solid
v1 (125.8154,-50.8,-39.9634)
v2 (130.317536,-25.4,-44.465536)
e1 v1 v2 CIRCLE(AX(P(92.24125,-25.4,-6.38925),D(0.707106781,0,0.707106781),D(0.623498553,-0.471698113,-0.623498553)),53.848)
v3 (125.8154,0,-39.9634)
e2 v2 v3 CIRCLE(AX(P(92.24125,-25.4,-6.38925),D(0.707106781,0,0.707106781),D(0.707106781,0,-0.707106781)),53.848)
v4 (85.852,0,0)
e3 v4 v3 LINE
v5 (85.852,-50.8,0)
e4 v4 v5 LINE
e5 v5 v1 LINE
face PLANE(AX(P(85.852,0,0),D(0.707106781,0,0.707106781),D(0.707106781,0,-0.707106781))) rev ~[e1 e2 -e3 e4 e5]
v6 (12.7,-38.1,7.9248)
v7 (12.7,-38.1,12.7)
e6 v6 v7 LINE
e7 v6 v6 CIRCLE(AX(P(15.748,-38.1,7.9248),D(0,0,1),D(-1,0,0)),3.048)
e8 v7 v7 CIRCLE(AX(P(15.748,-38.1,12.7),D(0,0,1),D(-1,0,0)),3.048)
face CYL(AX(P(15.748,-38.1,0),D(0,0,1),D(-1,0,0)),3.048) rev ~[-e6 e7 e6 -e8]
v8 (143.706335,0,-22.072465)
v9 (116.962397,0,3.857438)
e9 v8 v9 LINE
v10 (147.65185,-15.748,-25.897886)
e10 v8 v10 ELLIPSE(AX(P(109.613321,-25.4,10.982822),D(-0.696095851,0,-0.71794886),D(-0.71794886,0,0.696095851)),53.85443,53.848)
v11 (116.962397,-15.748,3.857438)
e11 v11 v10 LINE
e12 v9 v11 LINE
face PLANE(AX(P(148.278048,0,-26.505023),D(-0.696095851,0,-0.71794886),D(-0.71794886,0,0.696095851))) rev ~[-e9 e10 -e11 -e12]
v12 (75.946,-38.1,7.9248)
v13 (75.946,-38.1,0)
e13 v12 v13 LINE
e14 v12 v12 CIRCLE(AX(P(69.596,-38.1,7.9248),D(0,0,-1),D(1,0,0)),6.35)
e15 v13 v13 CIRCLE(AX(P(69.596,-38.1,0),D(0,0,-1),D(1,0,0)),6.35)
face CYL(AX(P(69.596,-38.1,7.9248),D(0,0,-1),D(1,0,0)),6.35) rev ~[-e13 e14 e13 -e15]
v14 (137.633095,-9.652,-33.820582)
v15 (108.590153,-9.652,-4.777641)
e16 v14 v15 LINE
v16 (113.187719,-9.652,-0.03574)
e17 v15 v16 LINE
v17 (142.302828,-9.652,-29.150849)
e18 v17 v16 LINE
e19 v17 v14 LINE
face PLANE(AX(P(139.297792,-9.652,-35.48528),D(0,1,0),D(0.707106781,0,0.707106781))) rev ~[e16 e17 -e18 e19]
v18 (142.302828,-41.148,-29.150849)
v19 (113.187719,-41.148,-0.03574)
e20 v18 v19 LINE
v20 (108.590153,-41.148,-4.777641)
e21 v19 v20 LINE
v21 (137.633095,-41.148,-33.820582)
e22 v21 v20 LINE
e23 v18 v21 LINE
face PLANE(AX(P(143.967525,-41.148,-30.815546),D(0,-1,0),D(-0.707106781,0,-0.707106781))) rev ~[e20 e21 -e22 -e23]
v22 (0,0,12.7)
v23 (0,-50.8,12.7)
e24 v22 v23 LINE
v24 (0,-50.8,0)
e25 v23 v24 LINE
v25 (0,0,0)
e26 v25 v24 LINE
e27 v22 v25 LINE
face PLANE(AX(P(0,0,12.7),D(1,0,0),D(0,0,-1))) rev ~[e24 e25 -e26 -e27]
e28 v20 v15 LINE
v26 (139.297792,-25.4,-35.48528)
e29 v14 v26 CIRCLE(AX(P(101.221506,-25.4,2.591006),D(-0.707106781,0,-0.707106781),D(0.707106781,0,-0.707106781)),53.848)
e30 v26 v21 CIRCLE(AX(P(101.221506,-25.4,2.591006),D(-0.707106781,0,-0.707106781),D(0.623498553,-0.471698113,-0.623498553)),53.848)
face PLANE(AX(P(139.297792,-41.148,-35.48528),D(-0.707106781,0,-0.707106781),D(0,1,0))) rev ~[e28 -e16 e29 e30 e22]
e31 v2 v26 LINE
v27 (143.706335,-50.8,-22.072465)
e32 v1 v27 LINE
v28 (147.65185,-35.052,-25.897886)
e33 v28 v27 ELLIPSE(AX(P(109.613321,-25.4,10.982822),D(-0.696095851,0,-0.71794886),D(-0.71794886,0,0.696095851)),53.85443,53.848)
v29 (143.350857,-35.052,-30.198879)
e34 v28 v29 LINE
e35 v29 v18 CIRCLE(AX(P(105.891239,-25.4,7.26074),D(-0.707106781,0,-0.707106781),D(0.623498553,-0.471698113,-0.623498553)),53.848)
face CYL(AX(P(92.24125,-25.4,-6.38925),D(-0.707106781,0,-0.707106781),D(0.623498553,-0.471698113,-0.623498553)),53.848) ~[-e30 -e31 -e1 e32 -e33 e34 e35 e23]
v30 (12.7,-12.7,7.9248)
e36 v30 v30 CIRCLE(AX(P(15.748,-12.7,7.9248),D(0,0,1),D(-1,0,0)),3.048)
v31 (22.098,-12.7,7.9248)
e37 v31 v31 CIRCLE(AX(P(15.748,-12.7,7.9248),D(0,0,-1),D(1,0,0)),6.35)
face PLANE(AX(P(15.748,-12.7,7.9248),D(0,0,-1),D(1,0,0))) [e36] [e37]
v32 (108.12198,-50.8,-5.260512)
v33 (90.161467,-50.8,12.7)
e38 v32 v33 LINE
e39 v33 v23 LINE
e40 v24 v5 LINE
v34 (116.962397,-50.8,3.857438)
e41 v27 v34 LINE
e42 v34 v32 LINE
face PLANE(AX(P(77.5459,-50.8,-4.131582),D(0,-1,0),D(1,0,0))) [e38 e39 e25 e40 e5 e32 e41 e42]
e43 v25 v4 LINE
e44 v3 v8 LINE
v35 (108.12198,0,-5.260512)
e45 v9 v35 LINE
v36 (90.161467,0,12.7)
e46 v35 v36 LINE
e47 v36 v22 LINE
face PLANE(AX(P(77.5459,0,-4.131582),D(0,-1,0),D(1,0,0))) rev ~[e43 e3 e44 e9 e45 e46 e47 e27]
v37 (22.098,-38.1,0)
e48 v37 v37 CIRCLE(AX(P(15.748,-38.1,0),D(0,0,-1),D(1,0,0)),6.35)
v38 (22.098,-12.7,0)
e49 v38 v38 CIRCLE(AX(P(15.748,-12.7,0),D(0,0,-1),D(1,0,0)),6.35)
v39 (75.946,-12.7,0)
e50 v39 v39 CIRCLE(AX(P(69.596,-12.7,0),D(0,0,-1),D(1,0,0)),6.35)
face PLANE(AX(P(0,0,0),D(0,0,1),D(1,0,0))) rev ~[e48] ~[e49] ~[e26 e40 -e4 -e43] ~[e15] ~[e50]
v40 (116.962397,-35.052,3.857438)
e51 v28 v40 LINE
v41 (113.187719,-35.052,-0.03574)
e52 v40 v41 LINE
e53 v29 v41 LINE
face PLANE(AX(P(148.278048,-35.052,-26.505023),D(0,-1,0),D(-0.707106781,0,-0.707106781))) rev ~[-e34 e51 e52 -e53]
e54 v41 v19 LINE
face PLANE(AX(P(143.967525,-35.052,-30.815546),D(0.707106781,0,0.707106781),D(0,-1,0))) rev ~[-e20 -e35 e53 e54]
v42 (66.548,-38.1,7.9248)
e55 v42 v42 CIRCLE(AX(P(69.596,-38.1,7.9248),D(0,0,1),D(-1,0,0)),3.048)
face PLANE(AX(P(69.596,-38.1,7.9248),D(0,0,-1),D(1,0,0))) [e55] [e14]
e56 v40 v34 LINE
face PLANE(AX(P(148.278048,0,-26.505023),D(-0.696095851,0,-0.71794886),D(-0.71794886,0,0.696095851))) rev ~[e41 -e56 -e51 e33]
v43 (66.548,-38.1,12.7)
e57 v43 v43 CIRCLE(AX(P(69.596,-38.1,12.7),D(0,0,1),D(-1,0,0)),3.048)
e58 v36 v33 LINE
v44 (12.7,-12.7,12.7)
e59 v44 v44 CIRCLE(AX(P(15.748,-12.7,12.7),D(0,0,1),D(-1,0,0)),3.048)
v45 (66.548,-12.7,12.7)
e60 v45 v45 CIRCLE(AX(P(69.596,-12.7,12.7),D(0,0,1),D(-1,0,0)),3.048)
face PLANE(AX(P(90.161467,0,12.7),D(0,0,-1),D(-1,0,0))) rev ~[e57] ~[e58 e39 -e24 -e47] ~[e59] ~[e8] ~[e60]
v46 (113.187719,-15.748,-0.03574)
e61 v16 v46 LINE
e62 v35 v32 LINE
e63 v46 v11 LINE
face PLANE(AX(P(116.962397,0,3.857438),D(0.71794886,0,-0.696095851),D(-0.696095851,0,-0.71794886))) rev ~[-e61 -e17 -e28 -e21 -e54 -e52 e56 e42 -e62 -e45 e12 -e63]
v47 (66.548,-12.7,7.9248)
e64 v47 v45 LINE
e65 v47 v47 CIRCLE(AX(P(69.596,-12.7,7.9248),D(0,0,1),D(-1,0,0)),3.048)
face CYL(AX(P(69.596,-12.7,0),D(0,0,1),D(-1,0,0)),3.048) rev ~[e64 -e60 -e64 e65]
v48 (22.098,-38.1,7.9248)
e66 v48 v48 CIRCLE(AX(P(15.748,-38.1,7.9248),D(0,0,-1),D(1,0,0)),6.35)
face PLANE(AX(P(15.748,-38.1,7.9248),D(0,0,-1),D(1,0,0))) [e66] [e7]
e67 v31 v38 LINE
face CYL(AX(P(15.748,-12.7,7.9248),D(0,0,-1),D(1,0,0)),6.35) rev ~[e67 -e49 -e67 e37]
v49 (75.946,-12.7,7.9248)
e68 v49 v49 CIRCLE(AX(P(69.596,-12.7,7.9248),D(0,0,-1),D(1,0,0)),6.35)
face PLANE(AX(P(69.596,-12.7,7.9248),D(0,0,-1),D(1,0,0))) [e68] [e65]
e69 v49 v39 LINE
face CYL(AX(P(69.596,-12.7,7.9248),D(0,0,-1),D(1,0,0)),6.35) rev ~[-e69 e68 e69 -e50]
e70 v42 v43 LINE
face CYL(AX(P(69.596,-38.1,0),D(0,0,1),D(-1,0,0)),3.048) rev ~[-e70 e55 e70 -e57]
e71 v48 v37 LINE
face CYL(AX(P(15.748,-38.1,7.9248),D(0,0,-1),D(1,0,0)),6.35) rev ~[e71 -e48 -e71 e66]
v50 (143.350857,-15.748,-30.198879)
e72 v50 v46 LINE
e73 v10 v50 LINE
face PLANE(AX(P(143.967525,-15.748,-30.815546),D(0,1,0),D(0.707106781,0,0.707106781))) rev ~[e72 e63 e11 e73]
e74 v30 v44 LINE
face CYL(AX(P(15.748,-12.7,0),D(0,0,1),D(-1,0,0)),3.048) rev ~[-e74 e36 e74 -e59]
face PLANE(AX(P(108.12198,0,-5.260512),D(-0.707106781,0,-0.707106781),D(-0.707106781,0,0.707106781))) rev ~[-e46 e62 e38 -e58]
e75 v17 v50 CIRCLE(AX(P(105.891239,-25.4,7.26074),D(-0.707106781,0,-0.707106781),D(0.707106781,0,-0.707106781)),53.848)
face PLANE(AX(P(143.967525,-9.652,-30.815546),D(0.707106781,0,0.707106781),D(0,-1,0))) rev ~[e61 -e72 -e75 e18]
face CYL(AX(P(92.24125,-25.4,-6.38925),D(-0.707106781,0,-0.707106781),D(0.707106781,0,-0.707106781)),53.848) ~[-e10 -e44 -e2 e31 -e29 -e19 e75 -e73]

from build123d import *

# Parameters (mm, degrees)
F1_DEPTH       = 50.8
F3_D           = 6.096
F3_CBORE_D     = 12.7
F3_CBORE_DEPTH = 7.9248
F5_DEPTH       = 132.571551198
F7_DEPTH       = 53.1231379703


with BuildPart() as f1:
    # F0 (on Front) → F1 (new body)
    with BuildSketch(Plane.XZ):
        Polygon((0, 12.7), (0, 0), (85.852, 0), (130.3175357378, -44.4655357378), (148.2780479799, -26.5050234956), (116.9623968646, 3.8574382814), (108.1219795526, -5.2605122421), (90.1614673105, 12.7), align=None)
    extrude(amount=F1_DEPTH)

    # F3 (through all)
    with Locations(Plane(origin=(0, 0, 0), x_dir=(1, 0, 0), z_dir=(0, 0, -1))):
        with Locations((15.748, 38.1), (15.748, 12.7), (69.596, 12.7), (69.596, 38.1)):
            CounterBoreHole(F3_D / 2, F3_CBORE_D / 2, F3_CBORE_DEPTH)

    # F4 (on face) → F5 (cut, through all)
    with BuildSketch(Plane(origin=(87.3915357378, 0, -87.3915357378), x_dir=(0, 1, 0), z_dir=(0.7071067812, 0, -0.7071067812))):
        Polygon((-15.748, 86.1065313784), (-35.052, 86.1065313784), (-35.052, 80.0105313784), (-41.148, 80.0105313784), (-41.148, 73.4065313784), (-25.4, 73.4065313784), (-9.652, 73.4065313784), (-9.652, 80.0105313784), (-15.748, 80.0105313784), align=None)
    extrude(amount=-F5_DEPTH, mode=Mode.SUBTRACT)

    # F6 (on face) → F7 (cut, through all)
    with BuildSketch(Plane(origin=(42.926, 0, 42.926), x_dir=(0, -1, 0), z_dir=(-0.7071067812, 0, -0.7071067812))):
        with BuildLine():
            ThreePointArc((25.4, -123.590295077), (12.3070777205, -121.9743014541), (0, -117.2233134317))
            Line((0, -117.2233134317), (0, -123.590295077))
            Line((0, -123.590295077), (25.4, -123.590295077))
        make_face()
        with BuildLine():
            ThreePointArc((50.8, -117.2233134317), (38.4929222795, -121.9743014541), (25.4, -123.590295077))
            Line((25.4, -123.590295077), (50.8, -123.590295077))
            Line((50.8, -123.590295077), (50.8, -117.2233134317))
        make_face()
    extrude(amount=-F7_DEPTH, mode=Mode.SUBTRACT)


solid = f1.part
